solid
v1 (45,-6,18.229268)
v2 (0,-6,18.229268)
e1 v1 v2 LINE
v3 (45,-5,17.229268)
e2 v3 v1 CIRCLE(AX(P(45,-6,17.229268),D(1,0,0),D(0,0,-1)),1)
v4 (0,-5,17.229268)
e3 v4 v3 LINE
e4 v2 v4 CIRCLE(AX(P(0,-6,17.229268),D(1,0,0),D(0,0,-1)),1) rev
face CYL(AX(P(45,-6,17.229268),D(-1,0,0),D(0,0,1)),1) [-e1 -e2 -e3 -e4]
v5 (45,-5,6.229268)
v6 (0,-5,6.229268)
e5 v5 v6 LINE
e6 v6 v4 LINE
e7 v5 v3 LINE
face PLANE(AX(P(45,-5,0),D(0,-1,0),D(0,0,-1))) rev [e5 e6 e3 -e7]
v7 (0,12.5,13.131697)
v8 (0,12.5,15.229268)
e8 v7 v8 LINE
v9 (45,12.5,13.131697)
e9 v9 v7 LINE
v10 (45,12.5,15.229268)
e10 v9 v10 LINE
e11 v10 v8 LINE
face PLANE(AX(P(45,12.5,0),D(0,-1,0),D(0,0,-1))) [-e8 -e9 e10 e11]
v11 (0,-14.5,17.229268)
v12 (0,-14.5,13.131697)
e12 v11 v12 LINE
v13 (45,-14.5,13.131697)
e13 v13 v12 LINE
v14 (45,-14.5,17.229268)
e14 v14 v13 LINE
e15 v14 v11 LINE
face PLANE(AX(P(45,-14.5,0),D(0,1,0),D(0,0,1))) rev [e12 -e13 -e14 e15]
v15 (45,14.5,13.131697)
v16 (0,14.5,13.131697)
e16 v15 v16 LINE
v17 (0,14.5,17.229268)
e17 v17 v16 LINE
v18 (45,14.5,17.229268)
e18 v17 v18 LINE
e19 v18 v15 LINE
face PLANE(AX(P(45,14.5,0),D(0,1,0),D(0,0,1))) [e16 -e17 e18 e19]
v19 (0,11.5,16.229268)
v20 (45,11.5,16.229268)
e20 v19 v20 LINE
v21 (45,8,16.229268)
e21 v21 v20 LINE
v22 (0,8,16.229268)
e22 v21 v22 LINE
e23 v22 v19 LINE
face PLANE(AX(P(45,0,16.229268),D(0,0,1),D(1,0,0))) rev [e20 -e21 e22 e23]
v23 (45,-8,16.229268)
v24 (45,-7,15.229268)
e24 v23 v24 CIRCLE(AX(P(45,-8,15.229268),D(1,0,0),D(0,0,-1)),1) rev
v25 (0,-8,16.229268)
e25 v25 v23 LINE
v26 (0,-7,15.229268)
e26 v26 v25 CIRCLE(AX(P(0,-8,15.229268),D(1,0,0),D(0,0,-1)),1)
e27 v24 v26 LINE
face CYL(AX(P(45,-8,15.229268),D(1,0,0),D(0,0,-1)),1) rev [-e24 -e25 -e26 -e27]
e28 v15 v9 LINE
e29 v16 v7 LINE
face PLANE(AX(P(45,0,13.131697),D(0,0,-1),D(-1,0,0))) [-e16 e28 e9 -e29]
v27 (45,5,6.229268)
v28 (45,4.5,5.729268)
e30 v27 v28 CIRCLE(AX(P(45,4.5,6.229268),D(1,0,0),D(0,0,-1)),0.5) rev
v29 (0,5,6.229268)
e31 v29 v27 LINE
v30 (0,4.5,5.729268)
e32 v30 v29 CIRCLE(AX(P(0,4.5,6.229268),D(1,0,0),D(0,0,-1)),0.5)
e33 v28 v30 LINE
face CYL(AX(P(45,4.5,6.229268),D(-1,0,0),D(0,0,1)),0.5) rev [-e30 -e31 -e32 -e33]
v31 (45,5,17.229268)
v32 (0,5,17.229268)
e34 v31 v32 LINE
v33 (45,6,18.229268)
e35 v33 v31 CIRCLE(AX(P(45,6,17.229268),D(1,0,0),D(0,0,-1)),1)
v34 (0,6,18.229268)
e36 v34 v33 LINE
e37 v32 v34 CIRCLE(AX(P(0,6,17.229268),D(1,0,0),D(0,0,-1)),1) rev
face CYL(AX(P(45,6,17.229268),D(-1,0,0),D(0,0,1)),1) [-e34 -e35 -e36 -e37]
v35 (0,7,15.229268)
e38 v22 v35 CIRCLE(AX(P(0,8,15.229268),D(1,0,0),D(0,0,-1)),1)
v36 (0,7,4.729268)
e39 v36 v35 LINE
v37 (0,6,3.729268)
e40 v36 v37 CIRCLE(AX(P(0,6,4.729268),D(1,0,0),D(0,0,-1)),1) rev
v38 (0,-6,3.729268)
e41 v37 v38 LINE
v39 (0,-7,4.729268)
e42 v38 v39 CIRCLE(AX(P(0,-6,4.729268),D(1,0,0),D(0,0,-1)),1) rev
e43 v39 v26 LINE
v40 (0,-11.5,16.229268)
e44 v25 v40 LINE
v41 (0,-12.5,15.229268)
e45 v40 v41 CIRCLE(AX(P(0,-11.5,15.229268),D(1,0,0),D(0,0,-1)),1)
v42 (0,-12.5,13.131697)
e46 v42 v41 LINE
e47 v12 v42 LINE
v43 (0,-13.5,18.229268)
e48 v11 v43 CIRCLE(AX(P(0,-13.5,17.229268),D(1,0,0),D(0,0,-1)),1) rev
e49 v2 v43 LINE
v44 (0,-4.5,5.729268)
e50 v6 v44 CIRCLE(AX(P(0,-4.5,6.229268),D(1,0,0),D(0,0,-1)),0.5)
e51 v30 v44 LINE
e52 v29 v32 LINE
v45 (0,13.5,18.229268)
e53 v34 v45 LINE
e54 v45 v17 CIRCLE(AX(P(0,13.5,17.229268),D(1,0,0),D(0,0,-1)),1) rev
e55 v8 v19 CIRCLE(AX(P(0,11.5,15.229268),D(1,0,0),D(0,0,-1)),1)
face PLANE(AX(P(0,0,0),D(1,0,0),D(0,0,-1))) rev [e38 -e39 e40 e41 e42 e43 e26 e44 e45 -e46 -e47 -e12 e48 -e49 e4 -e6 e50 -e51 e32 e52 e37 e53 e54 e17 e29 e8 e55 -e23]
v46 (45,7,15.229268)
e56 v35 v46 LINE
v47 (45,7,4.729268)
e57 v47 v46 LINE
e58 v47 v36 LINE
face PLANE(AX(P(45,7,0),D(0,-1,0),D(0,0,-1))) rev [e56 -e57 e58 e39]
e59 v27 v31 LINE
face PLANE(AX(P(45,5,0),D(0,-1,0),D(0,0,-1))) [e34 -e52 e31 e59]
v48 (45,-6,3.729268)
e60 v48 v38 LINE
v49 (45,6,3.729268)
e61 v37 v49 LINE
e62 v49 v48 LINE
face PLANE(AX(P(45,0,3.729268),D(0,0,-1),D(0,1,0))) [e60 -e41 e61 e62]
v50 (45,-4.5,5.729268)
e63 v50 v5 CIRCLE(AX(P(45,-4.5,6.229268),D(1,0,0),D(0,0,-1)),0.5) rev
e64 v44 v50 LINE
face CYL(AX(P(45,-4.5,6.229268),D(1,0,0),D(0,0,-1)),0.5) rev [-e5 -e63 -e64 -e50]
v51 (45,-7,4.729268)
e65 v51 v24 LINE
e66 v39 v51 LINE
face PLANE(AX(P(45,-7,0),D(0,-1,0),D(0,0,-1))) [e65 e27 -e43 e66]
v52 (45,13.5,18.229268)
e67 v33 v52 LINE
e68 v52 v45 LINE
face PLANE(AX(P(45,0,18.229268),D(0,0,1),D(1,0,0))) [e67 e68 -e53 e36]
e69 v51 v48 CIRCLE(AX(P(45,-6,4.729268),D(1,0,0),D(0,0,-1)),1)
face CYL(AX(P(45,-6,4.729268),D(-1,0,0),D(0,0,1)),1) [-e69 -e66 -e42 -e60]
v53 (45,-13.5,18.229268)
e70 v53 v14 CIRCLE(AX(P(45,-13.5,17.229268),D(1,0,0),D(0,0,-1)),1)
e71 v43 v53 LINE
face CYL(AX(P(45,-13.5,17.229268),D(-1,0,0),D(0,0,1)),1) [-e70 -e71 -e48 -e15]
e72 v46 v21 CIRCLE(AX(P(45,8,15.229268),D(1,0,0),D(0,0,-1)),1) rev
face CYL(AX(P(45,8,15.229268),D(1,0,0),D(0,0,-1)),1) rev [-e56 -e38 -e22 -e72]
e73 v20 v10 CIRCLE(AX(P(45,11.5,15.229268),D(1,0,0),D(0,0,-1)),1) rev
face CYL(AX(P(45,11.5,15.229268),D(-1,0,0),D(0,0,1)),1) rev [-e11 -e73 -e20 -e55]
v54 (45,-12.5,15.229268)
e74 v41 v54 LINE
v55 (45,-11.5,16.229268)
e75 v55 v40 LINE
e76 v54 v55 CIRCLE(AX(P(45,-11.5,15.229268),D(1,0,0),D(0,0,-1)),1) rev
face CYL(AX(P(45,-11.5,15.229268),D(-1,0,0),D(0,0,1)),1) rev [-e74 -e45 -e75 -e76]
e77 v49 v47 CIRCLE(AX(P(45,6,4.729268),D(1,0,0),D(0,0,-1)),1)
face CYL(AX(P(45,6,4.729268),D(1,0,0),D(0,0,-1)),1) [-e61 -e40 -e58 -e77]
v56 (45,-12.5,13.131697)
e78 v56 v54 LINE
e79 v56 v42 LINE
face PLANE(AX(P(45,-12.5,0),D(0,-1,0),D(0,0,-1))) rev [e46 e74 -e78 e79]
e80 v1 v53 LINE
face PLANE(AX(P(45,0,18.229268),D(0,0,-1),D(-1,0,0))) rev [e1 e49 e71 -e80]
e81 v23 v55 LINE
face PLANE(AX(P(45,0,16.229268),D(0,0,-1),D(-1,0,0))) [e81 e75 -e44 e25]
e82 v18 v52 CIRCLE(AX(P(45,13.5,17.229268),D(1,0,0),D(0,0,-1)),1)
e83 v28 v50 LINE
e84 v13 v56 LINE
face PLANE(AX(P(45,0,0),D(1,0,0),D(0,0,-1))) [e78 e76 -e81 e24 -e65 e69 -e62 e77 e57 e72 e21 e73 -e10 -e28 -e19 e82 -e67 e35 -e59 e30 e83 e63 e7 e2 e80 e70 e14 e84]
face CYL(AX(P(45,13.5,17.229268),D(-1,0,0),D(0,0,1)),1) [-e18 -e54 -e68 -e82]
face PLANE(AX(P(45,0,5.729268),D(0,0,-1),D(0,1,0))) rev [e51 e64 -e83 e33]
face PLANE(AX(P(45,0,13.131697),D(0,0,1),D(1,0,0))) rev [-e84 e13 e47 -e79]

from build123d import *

# Parameters (mm, degrees)
BOSS_EXTRUDE1_DEPTH = 45
FILLET1_R           = 1
FILLET2_R           = 0.5


with BuildPart() as part:
    # Sketch3 → Boss-Extrude1 (new body)
    with BuildSketch(Plane(origin=(0, 0, 0), x_dir=(0, 0, -1), z_dir=(1, 0, 0))):
        Polygon((-3.729267548, 0), (-5.729267548, 0), (-5.729267548, -5), (-18.229267548, -5), (-18.229267548, -14.5), (-13.131696696, -14.5), (-13.131696696, -12.5), (-14.52244663, -12.5), (-16.229267548, -12.5), (-16.229267548, -7), (-3.729267548, -7), align=None)
        Polygon((-18.229267548, 5), (-5.729267548, 5), (-5.729267548, 0), (-3.729267548, 0), (-3.729267548, 7), (-16.229267548, 7), (-16.229267548, 12.5), (-14.52244663, 12.5), (-13.131696696, 12.5), (-13.131696696, 14.5), (-18.229267548, 14.5), align=None)
    extrude(amount=BOSS_EXTRUDE1_DEPTH)

    # Fillet1
    fillet1_edges = [part.edges().sort_by_distance(p)[0] for p in [
        (22.5, -14.5, 18.229267548),
        (22.5, -5, 18.229267548),
        (22.5, 5, 18.229267548),
        (22.5, 14.5, 18.229267548),
        (22.5, 12.5, 16.229267548),
        (22.5, 7, 16.229267548),
        (22.5, 7, 3.729267548),
        (22.5, -7, 3.729267548),
        (22.5, -7, 16.229267548),
        (22.5, -12.5, 16.229267548),
    ]]
    fillet(fillet1_edges, radius=FILLET1_R)

    # Fillet2
    fillet2_edges = [part.edges().sort_by_distance(p)[0] for p in [
        (22.5, -5, 5.729267548),
        (22.5, 5, 5.729267548),
    ]]
    fillet(fillet2_edges, radius=FILLET2_R)


solid = part.part
